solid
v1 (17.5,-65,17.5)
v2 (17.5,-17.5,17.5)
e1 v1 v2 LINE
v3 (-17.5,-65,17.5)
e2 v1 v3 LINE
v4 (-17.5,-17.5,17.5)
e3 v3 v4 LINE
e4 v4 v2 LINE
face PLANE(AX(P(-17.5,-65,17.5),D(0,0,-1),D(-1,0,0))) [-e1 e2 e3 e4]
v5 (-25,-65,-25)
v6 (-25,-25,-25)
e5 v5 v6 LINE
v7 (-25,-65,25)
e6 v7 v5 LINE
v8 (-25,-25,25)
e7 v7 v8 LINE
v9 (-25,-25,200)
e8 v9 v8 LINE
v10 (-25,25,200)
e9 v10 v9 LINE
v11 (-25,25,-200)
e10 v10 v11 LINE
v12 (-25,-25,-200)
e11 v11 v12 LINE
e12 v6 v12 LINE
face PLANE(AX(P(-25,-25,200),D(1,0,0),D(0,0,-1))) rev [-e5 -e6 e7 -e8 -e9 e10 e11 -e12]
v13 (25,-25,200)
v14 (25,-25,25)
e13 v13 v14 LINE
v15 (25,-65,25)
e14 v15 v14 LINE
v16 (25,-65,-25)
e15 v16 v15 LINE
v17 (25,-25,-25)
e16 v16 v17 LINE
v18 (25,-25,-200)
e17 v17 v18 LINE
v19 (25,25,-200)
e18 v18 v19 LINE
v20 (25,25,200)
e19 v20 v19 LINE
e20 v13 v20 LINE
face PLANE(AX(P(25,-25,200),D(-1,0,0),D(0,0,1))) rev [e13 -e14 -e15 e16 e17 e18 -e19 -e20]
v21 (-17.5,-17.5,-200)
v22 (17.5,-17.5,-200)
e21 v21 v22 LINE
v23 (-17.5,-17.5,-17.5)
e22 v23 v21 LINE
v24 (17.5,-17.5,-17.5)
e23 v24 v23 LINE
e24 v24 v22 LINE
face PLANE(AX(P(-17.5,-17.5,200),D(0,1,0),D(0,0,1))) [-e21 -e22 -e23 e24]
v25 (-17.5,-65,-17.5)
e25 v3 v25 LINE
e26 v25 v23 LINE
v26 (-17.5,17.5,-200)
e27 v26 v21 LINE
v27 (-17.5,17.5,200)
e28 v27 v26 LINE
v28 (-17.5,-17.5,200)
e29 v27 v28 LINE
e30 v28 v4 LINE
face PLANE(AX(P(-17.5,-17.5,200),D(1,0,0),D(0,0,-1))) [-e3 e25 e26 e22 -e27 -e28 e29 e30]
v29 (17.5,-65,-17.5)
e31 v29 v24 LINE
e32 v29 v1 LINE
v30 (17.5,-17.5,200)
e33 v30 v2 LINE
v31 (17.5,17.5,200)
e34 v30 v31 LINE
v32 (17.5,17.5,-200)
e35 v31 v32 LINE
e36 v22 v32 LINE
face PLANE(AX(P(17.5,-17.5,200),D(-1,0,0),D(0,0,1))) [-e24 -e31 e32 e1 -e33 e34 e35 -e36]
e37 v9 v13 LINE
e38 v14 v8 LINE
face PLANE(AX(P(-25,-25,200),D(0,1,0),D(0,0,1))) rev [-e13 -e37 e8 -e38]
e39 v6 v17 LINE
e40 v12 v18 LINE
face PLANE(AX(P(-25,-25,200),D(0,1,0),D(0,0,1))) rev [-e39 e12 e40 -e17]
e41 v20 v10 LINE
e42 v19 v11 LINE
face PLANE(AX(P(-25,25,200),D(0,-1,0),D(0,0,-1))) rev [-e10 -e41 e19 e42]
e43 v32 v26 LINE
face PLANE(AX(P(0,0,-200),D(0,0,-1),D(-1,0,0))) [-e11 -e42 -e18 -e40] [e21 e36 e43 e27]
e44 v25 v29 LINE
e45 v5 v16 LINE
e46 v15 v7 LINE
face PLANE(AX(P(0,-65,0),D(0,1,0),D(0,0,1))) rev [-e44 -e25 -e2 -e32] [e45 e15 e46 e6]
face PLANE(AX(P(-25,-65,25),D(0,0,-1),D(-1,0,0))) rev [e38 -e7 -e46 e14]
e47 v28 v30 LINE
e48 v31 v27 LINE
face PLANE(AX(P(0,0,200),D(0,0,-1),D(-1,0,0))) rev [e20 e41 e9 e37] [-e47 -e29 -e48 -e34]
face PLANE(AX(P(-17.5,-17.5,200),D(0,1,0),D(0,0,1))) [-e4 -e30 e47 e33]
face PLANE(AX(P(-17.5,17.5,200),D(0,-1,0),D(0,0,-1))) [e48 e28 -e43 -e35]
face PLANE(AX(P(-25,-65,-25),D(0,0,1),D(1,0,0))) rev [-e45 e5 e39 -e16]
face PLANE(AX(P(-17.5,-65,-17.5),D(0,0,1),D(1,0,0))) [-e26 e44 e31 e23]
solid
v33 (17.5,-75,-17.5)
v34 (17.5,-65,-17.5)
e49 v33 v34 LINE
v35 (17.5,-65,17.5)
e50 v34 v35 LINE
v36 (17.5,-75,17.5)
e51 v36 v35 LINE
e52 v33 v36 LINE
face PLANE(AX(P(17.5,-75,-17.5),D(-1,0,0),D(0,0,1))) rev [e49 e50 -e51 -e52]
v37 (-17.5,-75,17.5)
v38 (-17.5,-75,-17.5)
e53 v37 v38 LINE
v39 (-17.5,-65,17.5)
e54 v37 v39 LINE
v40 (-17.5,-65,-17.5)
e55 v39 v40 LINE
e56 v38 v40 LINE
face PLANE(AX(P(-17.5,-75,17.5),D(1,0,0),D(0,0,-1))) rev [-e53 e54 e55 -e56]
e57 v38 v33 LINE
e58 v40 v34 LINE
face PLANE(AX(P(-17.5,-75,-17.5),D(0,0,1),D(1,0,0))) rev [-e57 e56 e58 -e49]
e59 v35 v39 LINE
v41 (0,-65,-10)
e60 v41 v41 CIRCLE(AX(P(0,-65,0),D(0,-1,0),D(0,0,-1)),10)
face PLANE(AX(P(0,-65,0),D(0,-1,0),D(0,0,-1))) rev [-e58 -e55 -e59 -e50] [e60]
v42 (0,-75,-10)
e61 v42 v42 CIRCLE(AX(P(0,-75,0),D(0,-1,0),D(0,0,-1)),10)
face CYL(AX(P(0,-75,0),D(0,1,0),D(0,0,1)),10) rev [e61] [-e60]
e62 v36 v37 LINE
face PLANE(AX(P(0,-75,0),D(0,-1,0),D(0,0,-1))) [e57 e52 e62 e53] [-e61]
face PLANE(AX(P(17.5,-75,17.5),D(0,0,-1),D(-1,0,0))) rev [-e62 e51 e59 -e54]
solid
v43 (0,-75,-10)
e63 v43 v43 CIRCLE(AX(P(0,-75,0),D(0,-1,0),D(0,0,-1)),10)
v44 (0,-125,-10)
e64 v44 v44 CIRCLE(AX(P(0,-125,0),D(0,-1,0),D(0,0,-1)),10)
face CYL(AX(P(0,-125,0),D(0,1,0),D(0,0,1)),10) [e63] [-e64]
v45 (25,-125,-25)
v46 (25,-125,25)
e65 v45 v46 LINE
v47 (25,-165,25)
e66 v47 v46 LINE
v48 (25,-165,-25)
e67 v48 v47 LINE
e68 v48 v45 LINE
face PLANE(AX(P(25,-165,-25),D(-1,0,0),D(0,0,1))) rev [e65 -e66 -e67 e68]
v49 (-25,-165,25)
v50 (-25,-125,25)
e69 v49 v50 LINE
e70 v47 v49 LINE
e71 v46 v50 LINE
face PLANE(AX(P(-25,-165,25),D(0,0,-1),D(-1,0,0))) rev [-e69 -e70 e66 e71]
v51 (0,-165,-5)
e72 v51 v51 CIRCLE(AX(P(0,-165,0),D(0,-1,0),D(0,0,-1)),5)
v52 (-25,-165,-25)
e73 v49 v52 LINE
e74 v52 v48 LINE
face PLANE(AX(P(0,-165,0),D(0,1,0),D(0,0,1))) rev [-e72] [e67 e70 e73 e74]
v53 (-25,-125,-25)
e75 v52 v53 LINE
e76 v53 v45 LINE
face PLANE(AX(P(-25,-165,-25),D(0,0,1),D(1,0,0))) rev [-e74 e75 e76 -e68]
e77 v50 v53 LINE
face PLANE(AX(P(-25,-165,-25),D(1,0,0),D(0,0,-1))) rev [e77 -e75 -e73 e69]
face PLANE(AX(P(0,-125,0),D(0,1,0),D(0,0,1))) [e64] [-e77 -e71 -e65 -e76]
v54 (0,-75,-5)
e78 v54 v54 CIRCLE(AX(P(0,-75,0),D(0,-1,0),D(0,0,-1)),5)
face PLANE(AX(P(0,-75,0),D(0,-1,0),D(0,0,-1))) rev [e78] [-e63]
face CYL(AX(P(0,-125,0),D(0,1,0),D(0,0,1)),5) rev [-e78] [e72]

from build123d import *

# Parameters (mm, degrees)
SKETCH_1_W          = 50
SKETCH_1_H          = 50
SKETCH_1_W_2        = 35
SKETCH_1_H_2        = 35
EXTRUDE_1_DEPTH     = 200
SKETCH_2_W          = 50
SKETCH_2_H          = 50
SKETCH_2_W_2        = 35
SKETCH_2_H_2        = 35
EXTRUDE_2_DEPTH     = 40
SKETCH_3_W          = 35
SKETCH_3_H          = 35
CUT_EXTRUDE_1_DEPTH = 60
SKETCH_4_W          = 35
SKETCH_4_H          = 35
SKETCH_4_R          = 10
EXTRUDE_3_DEPTH     = 10
SKETCH_5_R          = 10
SKETCH_5_R_2        = 5
EXTRUDE_4_DEPTH     = 50
SKETCH_6_W          = 50
SKETCH_6_H          = 50
SKETCH_6_R          = 5
EXTRUDE_5_DEPTH     = 40


with BuildPart() as part:
    # Эскиз1 → Бобышка-Вытянуть1 (new, symmetric)
    with BuildSketch(Plane.XY):
        Rectangle(SKETCH_1_W, SKETCH_1_H)
        Rectangle(SKETCH_1_W_2, SKETCH_1_H_2, mode=Mode.SUBTRACT)
    extrude(amount=EXTRUDE_1_DEPTH, both=True)

    # Эскиз2 → Бобышка-Вытянуть2 (add)
    with BuildSketch(Plane.XZ.offset(25)):
        Rectangle(SKETCH_2_W, SKETCH_2_H)
        Rectangle(SKETCH_2_W_2, SKETCH_2_H_2, mode=Mode.SUBTRACT)
    extrude(amount=EXTRUDE_2_DEPTH)

    # Эскиз3 → Вырез-Вытянуть1 (cut)
    with BuildSketch(Plane.XZ.offset(65)):
        Rectangle(SKETCH_3_W, SKETCH_3_H)
    extrude(amount=-CUT_EXTRUDE_1_DEPTH, mode=Mode.SUBTRACT)


with BuildPart() as body_2:
    # Эскиз4 → Бобышка-Вытянуть3 (new body)
    with BuildSketch(Plane.XZ.offset(65)):
        Rectangle(SKETCH_4_W, SKETCH_4_H)
        with Locations(Location((0, 0, 0), (0, 0, 270))):
            Circle(SKETCH_4_R, mode=Mode.SUBTRACT)
    extrude(amount=EXTRUDE_3_DEPTH)


with BuildPart() as body_3:
    # Эскиз5 → Бобышка-Вытянуть4 (new body)
    with BuildSketch(Plane.XZ.offset(75)):
        with Locations(Location((0, 0, 0), (0, 0, 270))):
            Circle(SKETCH_5_R)
        with Locations(Location((0, 0, 0), (0, 0, 270))):
            Circle(SKETCH_5_R_2, mode=Mode.SUBTRACT)
    extrude(amount=EXTRUDE_4_DEPTH)

    # Эскиз6 → Бобышка-Вытянуть5 (add)
    with BuildSketch(Plane.XZ.offset(125)):
        Rectangle(SKETCH_6_W, SKETCH_6_H)
        with Locations(Location((0, 0, 0), (0, 0, 270))):
            Circle(SKETCH_6_R, mode=Mode.SUBTRACT)
    extrude(amount=EXTRUDE_5_DEPTH)


solid = Compound([part.part, body_2.part, body_3.part])
